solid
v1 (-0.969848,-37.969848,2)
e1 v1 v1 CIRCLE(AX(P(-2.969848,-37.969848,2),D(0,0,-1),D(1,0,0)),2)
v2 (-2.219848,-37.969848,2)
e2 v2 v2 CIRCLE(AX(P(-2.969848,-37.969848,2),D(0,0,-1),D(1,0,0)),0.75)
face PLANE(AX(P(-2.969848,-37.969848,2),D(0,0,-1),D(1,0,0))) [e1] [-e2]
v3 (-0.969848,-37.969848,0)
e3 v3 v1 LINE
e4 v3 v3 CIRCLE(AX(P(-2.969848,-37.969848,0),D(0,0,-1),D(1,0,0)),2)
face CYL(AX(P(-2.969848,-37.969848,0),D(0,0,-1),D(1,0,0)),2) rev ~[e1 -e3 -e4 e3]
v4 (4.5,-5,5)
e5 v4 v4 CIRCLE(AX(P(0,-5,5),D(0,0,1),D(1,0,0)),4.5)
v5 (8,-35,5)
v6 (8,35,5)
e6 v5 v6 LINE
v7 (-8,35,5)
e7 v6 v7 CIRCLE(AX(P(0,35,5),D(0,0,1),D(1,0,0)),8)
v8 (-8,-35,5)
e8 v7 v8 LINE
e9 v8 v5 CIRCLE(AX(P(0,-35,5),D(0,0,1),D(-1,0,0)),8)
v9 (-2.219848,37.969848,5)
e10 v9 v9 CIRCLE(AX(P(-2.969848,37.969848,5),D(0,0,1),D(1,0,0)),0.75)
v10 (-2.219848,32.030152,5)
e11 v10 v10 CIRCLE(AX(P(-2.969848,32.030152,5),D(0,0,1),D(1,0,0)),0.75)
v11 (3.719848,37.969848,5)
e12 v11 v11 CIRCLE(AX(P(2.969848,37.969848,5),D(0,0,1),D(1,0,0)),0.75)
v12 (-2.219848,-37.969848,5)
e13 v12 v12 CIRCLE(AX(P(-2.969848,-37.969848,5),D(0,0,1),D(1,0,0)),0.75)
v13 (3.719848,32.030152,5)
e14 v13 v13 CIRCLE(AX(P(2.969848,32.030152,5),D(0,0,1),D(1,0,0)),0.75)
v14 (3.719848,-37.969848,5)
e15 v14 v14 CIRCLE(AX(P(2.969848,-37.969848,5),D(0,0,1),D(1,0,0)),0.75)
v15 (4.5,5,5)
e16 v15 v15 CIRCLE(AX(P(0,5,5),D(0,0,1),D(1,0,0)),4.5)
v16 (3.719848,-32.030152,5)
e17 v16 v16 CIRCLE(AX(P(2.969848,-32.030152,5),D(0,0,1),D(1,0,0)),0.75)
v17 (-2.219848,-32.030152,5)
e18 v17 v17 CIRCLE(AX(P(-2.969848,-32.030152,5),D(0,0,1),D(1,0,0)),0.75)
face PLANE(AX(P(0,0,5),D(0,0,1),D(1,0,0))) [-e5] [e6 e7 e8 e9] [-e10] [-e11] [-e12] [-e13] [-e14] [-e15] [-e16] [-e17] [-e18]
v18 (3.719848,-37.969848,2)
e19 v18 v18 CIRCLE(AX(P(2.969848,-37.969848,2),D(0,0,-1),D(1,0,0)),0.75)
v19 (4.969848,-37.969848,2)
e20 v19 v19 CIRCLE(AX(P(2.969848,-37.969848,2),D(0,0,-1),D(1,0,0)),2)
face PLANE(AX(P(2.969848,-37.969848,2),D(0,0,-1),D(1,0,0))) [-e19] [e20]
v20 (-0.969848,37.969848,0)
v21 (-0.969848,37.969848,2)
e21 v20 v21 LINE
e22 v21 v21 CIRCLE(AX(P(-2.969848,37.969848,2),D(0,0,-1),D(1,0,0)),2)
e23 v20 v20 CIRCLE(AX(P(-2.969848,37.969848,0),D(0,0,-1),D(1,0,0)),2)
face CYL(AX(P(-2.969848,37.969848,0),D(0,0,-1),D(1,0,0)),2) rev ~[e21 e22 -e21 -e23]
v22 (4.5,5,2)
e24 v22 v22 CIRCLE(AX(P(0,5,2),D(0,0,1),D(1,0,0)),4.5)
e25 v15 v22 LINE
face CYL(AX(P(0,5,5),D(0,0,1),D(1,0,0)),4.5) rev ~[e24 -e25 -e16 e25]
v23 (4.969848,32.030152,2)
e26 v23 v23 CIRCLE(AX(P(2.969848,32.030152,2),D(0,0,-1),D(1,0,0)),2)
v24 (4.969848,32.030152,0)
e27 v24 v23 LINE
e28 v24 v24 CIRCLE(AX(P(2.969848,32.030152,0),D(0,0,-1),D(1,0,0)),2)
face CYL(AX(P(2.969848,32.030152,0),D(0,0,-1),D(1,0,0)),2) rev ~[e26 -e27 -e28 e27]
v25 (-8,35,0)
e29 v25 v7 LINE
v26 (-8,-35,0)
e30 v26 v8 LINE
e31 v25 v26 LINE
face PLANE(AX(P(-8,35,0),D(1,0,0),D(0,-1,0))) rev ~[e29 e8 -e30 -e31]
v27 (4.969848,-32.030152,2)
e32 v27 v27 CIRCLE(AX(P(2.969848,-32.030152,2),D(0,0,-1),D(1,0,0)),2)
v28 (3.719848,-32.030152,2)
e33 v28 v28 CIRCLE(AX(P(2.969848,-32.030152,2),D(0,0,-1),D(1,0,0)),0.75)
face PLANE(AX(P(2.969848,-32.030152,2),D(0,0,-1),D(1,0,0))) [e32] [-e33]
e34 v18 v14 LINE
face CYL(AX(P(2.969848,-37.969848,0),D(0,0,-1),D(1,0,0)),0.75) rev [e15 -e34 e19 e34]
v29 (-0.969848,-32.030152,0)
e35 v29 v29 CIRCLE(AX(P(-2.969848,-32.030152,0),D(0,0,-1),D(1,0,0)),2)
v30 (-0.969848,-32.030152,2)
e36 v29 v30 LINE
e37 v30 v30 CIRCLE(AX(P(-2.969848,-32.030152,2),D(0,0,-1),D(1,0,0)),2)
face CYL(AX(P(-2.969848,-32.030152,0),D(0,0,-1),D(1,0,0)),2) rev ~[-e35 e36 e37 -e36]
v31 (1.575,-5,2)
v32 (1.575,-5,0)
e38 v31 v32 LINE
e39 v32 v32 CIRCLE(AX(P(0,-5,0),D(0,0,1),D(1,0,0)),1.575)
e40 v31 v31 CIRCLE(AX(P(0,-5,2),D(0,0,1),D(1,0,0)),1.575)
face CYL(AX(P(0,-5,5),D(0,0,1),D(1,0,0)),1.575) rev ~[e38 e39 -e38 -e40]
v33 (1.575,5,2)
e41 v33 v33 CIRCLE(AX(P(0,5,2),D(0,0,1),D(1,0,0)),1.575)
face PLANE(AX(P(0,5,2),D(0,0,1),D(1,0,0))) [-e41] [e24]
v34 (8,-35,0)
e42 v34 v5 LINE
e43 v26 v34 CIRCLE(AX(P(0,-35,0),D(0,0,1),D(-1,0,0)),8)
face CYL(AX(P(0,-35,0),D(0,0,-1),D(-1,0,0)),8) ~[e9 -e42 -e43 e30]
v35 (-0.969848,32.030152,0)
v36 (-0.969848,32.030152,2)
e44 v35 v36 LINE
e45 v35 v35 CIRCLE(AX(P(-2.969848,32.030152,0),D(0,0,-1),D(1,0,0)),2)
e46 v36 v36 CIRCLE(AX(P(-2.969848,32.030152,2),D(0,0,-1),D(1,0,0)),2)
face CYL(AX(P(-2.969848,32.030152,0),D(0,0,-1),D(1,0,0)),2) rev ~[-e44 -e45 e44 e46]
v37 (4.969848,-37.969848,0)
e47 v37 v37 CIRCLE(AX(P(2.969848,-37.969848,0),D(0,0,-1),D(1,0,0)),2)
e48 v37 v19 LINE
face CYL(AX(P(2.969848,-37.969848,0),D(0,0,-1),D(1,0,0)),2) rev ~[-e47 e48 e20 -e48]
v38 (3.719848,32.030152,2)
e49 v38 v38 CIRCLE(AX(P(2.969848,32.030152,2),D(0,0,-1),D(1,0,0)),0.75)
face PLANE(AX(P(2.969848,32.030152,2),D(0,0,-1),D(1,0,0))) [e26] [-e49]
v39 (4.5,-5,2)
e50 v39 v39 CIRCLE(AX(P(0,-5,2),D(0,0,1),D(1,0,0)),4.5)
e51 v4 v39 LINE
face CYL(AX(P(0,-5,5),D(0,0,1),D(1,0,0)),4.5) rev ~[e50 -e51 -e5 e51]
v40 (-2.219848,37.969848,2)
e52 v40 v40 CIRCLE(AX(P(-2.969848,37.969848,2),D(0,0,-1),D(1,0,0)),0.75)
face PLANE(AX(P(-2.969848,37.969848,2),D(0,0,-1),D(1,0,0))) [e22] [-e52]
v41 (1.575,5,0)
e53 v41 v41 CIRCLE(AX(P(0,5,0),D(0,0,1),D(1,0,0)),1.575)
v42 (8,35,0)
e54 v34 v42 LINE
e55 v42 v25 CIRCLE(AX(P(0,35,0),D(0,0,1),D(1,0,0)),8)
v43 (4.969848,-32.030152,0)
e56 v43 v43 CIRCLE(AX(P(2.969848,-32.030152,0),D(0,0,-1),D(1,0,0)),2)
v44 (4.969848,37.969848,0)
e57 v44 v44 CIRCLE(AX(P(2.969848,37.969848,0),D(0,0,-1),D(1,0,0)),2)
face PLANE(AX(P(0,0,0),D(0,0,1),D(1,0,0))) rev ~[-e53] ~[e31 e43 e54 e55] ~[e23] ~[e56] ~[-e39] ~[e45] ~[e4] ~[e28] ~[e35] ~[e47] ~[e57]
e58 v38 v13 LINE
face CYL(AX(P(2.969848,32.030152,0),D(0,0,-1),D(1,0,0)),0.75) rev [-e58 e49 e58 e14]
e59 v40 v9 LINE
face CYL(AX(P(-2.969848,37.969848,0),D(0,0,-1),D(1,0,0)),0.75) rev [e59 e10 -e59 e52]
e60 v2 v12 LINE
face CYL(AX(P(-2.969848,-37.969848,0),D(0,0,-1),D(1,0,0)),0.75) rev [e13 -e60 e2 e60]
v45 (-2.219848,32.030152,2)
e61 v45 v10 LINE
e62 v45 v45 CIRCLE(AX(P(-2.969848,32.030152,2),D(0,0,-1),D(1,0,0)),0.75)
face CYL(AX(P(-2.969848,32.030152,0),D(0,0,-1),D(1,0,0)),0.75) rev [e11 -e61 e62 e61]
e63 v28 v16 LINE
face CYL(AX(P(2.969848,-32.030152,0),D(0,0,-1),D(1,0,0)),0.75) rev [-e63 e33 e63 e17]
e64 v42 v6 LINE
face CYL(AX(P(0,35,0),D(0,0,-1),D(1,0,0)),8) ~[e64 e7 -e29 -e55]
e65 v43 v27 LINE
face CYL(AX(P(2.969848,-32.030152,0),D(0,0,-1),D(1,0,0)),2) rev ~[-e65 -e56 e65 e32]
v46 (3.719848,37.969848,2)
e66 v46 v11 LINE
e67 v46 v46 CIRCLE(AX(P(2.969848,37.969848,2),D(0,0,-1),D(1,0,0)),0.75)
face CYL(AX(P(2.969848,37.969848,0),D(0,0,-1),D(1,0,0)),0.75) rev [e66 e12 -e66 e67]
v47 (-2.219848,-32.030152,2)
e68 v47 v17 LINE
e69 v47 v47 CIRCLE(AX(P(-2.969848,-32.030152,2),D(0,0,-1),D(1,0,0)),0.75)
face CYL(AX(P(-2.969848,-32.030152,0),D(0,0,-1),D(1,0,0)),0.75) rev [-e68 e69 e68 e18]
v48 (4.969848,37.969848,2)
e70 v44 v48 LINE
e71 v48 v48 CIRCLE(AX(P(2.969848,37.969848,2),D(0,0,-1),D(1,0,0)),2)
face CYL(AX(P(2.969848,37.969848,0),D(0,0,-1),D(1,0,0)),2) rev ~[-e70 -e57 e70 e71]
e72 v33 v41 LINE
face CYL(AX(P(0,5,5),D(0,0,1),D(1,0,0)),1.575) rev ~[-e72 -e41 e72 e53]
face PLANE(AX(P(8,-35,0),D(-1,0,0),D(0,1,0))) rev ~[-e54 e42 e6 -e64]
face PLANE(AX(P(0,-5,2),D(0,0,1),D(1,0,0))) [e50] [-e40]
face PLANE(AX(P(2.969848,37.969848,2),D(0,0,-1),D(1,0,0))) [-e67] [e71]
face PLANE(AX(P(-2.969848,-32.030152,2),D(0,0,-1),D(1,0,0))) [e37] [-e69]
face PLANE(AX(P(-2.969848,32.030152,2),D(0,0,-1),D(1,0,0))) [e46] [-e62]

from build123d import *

# Parameters (mm, degrees)
F0_R     = 0.75
F1_DEPTH = 5
F2_R     = 1.575
F3_DEPTH = 5.001
F4_R     = 4.5
F5_DEPTH = 3
F6_R     = 2
F7_DEPTH = 2


with BuildPart() as f1:
    # F0 (on Top) → F1 (new body)
    with BuildSketch(Plane.XY):
        with BuildLine():
            Line((-8, 35), (-8, 0))
            Line((-8, 0), (-8, -35))
            ThreePointArc((-8, -35), (0, -43), (8, -35))
            Line((8, -35), (8, 0))
            Line((8, 0), (8, 35))
            ThreePointArc((8, 35), (0, 43), (-8, 35))
        make_face()
        with Locations((-2.969848, -37.969848)):
            Circle(F0_R, mode=Mode.SUBTRACT)
        with Locations((-2.969848, -32.030152)):
            Circle(F0_R, mode=Mode.SUBTRACT)
        with Locations((2.969848, -37.969848)):
            Circle(F0_R, mode=Mode.SUBTRACT)
        with Locations((2.969848, -32.030152)):
            Circle(F0_R, mode=Mode.SUBTRACT)
        with Locations((-2.969848, 32.030152)):
            Circle(F0_R, mode=Mode.SUBTRACT)
        with Locations((-2.969848, 37.969848)):
            Circle(F0_R, mode=Mode.SUBTRACT)
        with Locations((2.969848, 32.030152)):
            Circle(F0_R, mode=Mode.SUBTRACT)
        with Locations((2.969848, 37.969848)):
            Circle(F0_R, mode=Mode.SUBTRACT)
    extrude(amount=F1_DEPTH)

    # F2 (on face) → F3 (cut, through all)
    with BuildSketch(Plane.XY.offset(5)):
        with Locations((0, 5)):
            Circle(F2_R)
        with Locations((0, -5)):
            Circle(F2_R)
    extrude(amount=-F3_DEPTH, mode=Mode.SUBTRACT)

    # F4 (on face) → F5 (cut)
    with BuildSketch(Plane.XY.offset(5)):
        with Locations((0, 5)):
            Circle(F4_R)
        with Locations((0, -5)):
            Circle(F4_R)
    extrude(amount=-F5_DEPTH, mode=Mode.SUBTRACT)

    # F6 (on face) → F7 (cut)
    with BuildSketch(Plane(origin=(0, 0, 0), x_dir=(1, 0, 0), z_dir=(0, 0, -1))):
        with Locations((-2.969848, 37.969848)):
            Circle(F6_R)
        with Locations((2.969848, 37.969848)):
            Circle(F6_R)
        with Locations((2.969848, 32.030152)):
            Circle(F6_R)
        with Locations((-2.969848, 32.030152)):
            Circle(F6_R)
        with Locations((-2.969848, -32.030152)):
            Circle(F6_R)
        with Locations((-2.969848, -37.969848)):
            Circle(F6_R)
        with Locations((2.969848, -37.969848)):
            Circle(F6_R)
        with Locations((2.969848, -32.030152)):
            Circle(F6_R)
    extrude(amount=-F7_DEPTH, mode=Mode.SUBTRACT)


solid = f1.part
